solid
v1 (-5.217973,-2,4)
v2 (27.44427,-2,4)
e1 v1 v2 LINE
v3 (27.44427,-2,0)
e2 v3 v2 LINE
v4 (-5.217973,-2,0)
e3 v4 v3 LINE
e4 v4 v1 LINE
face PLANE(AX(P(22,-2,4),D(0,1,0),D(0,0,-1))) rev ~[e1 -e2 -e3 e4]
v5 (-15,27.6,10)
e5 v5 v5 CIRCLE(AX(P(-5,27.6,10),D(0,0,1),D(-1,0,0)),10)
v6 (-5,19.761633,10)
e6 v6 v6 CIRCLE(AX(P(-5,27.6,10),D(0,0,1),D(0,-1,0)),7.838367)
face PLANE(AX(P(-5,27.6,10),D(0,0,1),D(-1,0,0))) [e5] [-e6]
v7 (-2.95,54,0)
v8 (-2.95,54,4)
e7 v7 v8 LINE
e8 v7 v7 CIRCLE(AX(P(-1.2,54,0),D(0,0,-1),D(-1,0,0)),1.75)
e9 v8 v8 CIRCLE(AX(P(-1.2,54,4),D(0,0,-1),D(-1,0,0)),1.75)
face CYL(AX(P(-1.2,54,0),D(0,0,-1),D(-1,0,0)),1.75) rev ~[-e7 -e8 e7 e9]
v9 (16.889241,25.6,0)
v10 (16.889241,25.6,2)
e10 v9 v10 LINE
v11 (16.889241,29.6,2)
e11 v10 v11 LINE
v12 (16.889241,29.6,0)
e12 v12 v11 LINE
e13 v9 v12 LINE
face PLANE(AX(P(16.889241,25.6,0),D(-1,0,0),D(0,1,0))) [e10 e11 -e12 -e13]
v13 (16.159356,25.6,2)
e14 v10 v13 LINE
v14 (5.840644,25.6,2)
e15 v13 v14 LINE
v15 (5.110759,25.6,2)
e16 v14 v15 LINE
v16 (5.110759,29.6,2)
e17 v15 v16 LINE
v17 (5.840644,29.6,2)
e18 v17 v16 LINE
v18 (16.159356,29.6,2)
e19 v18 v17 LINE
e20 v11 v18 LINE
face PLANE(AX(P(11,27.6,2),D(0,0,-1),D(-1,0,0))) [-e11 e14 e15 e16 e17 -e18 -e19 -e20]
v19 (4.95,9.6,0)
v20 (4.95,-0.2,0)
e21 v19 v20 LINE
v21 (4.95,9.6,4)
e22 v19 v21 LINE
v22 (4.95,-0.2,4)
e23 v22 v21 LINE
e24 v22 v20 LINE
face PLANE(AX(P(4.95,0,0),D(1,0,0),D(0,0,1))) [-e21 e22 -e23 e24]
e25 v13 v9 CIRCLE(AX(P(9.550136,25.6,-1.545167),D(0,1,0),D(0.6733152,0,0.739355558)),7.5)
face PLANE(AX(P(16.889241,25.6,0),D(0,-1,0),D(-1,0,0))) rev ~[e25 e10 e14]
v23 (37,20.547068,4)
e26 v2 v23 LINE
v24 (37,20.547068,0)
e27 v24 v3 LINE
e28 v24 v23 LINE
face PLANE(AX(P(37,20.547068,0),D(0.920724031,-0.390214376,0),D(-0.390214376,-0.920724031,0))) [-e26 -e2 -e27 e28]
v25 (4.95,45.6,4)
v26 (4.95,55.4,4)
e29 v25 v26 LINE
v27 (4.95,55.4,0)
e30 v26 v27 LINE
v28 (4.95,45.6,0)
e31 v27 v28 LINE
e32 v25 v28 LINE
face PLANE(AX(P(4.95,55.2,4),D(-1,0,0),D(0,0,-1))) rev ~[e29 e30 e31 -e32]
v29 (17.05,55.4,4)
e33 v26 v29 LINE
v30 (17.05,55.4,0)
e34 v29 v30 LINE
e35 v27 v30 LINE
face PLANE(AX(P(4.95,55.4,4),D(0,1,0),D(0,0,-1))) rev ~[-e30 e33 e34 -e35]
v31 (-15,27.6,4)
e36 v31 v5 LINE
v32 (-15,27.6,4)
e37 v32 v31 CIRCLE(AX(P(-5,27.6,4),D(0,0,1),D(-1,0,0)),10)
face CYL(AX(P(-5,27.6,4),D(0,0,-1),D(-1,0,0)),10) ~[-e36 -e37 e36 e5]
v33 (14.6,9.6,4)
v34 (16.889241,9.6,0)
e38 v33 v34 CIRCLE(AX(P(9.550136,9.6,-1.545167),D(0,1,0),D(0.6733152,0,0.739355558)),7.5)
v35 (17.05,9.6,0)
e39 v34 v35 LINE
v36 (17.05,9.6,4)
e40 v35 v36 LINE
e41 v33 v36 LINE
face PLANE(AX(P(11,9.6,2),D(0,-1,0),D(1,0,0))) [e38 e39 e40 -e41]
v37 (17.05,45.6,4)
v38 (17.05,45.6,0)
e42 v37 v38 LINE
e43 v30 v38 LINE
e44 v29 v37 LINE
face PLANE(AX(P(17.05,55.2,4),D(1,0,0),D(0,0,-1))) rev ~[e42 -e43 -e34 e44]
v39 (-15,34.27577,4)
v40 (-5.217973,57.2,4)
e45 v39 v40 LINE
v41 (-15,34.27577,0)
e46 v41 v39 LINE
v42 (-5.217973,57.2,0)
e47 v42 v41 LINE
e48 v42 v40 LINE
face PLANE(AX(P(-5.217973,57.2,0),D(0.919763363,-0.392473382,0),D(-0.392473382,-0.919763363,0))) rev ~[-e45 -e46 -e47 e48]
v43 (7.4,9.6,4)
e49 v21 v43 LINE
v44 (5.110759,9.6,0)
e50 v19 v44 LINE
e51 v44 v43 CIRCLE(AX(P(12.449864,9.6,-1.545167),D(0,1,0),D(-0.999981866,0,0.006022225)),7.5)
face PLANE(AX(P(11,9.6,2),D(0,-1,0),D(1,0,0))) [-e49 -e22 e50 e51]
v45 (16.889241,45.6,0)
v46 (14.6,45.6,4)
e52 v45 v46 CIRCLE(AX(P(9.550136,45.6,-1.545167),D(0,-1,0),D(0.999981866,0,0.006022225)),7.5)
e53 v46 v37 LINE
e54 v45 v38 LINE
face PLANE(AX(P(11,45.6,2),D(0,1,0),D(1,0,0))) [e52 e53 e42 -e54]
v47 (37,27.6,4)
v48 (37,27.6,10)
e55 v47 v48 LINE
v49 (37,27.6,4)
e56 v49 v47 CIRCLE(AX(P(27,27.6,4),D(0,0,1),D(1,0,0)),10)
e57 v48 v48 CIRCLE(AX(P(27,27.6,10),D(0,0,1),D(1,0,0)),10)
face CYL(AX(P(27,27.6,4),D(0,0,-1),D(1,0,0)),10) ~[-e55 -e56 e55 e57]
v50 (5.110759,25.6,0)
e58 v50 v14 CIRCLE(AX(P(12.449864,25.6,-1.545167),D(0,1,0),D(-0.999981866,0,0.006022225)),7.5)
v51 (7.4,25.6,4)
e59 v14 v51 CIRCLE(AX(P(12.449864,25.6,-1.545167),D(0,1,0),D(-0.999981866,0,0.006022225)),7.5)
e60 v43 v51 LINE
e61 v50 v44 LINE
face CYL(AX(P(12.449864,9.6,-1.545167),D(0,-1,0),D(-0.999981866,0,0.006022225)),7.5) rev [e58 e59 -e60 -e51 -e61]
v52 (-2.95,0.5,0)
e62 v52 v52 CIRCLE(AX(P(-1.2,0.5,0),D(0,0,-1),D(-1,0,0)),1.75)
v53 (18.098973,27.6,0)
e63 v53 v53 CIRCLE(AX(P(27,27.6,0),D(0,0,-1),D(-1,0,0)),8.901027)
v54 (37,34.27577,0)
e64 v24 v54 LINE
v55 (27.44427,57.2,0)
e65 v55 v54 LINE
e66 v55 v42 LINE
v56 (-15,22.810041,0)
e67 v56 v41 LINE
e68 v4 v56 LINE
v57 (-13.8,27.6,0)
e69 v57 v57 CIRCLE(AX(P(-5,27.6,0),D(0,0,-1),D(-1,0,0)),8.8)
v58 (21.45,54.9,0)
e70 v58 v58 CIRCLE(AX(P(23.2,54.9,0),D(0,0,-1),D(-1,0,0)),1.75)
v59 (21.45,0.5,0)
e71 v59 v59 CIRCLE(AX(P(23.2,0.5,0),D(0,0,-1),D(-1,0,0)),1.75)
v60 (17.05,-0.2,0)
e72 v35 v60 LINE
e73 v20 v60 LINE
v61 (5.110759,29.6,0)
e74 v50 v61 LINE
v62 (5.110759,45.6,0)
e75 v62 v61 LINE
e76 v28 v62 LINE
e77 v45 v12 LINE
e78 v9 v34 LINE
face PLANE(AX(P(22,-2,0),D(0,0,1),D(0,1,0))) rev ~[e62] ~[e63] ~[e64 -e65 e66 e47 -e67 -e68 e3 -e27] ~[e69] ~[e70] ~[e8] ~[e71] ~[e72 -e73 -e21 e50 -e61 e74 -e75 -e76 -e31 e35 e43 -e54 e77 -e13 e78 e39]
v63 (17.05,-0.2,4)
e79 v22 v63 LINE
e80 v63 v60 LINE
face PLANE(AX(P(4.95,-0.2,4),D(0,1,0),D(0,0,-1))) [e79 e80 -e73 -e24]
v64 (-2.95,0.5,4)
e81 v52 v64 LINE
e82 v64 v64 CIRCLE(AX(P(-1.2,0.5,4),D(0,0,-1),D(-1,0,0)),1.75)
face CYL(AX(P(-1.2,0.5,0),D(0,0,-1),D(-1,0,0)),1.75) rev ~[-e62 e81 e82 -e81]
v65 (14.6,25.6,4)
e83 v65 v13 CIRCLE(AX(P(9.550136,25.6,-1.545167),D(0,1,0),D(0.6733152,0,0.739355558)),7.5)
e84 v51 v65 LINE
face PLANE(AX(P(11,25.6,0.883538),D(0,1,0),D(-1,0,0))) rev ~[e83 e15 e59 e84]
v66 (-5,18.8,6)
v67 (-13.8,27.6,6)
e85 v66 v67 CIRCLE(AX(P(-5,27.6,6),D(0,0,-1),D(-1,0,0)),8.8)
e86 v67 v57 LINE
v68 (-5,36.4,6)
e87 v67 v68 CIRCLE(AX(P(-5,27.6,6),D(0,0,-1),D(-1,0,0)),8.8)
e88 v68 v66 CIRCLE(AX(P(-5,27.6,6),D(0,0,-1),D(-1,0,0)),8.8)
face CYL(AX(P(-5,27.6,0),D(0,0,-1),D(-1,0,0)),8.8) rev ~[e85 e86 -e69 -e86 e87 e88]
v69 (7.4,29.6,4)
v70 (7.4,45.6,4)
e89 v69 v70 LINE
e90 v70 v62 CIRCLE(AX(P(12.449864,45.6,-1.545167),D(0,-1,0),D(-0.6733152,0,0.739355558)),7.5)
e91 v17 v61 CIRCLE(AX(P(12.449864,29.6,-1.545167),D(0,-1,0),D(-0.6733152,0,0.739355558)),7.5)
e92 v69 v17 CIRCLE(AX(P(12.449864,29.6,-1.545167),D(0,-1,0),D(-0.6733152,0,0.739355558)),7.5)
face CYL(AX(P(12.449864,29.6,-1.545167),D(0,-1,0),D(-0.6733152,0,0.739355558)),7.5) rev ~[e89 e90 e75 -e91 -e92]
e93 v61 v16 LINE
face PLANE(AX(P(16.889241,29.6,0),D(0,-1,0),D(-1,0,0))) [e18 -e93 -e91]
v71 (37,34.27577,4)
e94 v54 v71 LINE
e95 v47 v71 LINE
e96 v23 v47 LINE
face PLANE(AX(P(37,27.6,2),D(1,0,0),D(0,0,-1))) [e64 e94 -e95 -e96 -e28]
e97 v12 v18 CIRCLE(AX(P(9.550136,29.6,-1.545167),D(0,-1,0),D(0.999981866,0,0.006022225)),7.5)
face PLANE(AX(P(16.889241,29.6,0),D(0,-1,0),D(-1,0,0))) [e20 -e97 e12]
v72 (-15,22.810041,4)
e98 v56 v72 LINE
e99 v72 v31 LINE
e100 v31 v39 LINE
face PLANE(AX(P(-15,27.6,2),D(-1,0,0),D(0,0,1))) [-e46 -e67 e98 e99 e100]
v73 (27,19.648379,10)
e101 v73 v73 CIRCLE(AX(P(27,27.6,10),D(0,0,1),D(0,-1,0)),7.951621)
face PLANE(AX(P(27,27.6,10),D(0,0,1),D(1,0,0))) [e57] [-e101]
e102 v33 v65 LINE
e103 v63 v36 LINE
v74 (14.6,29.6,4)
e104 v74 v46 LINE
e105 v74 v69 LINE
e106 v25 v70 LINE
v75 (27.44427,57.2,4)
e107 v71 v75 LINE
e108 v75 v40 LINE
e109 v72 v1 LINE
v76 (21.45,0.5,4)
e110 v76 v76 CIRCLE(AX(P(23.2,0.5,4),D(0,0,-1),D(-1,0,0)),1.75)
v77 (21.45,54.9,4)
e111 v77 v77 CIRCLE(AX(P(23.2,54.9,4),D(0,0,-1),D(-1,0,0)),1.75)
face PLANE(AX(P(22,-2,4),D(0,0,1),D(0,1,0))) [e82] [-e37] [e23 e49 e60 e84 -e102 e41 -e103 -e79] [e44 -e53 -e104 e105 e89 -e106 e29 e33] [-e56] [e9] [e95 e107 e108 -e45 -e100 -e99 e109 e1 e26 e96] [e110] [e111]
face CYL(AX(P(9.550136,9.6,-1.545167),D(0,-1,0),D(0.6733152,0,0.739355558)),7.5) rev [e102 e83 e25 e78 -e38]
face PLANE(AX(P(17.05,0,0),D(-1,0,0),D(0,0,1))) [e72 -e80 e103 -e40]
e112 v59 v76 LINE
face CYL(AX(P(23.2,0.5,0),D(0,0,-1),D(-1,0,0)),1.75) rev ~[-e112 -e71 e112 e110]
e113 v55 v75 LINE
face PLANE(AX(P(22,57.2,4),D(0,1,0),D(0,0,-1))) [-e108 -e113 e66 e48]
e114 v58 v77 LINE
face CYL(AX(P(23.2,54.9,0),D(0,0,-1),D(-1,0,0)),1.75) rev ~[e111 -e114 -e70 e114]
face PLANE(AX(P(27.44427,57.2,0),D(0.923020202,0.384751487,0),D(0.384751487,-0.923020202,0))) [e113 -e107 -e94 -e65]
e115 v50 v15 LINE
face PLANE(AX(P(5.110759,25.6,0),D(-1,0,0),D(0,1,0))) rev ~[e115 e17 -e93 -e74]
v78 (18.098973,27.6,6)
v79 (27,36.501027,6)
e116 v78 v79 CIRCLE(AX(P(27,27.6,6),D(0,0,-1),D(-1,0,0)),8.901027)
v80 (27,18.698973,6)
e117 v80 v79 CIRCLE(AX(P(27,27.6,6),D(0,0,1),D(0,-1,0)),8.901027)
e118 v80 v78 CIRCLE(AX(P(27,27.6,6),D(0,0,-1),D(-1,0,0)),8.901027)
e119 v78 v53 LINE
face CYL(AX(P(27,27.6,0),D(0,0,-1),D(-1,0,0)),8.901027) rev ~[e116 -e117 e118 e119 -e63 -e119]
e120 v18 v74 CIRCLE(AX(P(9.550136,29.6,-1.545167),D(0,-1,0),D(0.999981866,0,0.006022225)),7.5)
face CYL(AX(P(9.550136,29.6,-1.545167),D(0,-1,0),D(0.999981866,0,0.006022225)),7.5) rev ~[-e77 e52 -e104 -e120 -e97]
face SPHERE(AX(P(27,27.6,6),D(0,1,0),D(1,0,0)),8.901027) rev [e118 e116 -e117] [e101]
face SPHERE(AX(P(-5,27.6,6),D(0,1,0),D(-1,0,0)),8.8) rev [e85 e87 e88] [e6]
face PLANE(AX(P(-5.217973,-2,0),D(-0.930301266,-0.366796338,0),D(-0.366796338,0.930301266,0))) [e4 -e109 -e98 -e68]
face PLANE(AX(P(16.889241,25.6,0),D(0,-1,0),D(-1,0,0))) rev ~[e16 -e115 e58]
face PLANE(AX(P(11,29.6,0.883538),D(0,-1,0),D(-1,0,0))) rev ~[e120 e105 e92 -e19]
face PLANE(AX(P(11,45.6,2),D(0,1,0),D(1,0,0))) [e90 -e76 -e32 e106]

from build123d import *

# Parameters (mm, degrees)
CROQUIS1_W               = 22
CROQUIS1_H               = 55.2
SALIENTE_EXTRUIR1_DEPTH  = 4
CROQUIS2_W               = 12.1
CROQUIS2_H               = 4
CORTAR_EXTRUIR1_DEPTH    = 9.6
CROQUIS3_W               = 12.1
CROQUIS3_H               = 4
CORTAR_EXTRUIR2_DEPTH    = 9.6
CORTAR_EXTRUIR3_DEPTH    = 16
CORTAR_EXTRUIR4_START    = -16
CORTAR_EXTRUIR4_DEPTH    = 16
CROQUIS9_W               = 11.778481694
CROQUIS9_H               = 4
CORTAR_EXTRUIR5_DEPTH    = 2
CROQUIS11_W              = 4.95
CROQUIS11_H              = 4
SALIENTE_EXTRUIR3_DEPTH  = 2
CROQUIS12_W              = 4
CROQUIS12_H              = 1.8
SALIENTE_EXTRUIR4_DEPTH  = 12.1
CROQUIS13_W              = 4.95
CROQUIS13_H              = 4
SALIENTE_EXTRUIR5_DEPTH  = 2
CROQUIS14_W              = 4
CROQUIS14_H              = 1.8
SALIENTE_EXTRUIR6_DEPTH  = 12.1
CROQUIS17_W              = 4
CROQUIS17_H              = 59.2
SALIENTE_EXTRUIR8_DEPTH  = 15
CROQUIS18_W              = 4
CROQUIS18_H              = 59.2
SALIENTE_EXTRUIR9_DEPTH  = 15
CROQUIS19_R              = 1.75
CORTAR_EXTRUIR6_DEPTH    = 11.5
CROQUIS20_R              = 8.8
CROQUIS20_R_2            = 8.901027098
CORTAR_EXTRUIR7_DEPTH    = 4
CROQUIS22_R              = 10
SALIENTE_EXTRUIR10_DEPTH = 6
CORTAR_EXTRUIR8_DEPTH    = 10
CROQUIS26_R              = 8.901027098
CROQUIS26_R_2            = 8.8
CORTAR_EXTRUIR9_DEPTH    = 2


with BuildPart() as part:
    # Croquis1 → Saliente-Extruir1 (new body)
    with BuildSketch(Plane.XY):
        with Locations((11, 27.6)):
            Rectangle(CROQUIS1_W, CROQUIS1_H)
    extrude(amount=SALIENTE_EXTRUIR1_DEPTH)

    # Croquis2 → Cortar-Extruir1 (cut)
    with BuildSketch(Plane(origin=(0, 55.2, 0), x_dir=(1, 0, 0), z_dir=(0, 1, 0))):
        with Locations((11, -2)):
            Rectangle(CROQUIS2_W, CROQUIS2_H)
    extrude(amount=-CORTAR_EXTRUIR1_DEPTH, mode=Mode.SUBTRACT)

    # Croquis3 → Cortar-Extruir2 (cut)
    with BuildSketch(Plane.XZ):
        with Locations((11, 2)):
            Rectangle(CROQUIS3_W, CROQUIS3_H)
    extrude(amount=-CORTAR_EXTRUIR2_DEPTH, mode=Mode.SUBTRACT)

    # Croquis5 → Cortar-Extruir3 (cut)
    with BuildSketch(Plane.XZ.offset(-9.6)):
        with BuildLine():
            Line((7.4, 4), (14.6, 4))
            ThreePointArc((14.6, 4), (16.401151853, 1.506649462), (17.05, -1.5))
            Line((17.05, -1.5), (4.95, -1.5))
            ThreePointArc((4.95, -1.5), (5.598848147, 1.506649462), (7.4, 4))
        make_face()
    extrude(amount=-CORTAR_EXTRUIR3_DEPTH, mode=Mode.SUBTRACT)

    # Croquis7 → Cortar-Extruir4 (cut)
    with BuildSketch(Plane(origin=(0, 45.6, 0), x_dir=(1, 0, 0), z_dir=(0, 1, 0)).offset(CORTAR_EXTRUIR4_START)):
        with BuildLine():
            Line((4.95, 1.5), (17.05, 1.5))
            ThreePointArc((17.05, 1.5), (16.401151853, -1.506649462), (14.6, -4))
            Line((14.6, -4), (7.4, -4))
            ThreePointArc((7.4, -4), (5.598848147, -1.506649462), (4.95, 1.5))
        make_face()
    extrude(amount=CORTAR_EXTRUIR4_DEPTH, mode=Mode.SUBTRACT)

    # Croquis9 → Cortar-Extruir5 (cut)
    with BuildSketch(Plane(origin=(0, 0, 0), x_dir=(-1, 0, 0), z_dir=(0, 0, -1))):
        with Locations((-11, 27.6)):
            Rectangle(CROQUIS9_W, CROQUIS9_H)
    extrude(amount=-CORTAR_EXTRUIR5_DEPTH, mode=Mode.SUBTRACT)

    # Croquis11 → Saliente-Extruir3 (add)
    with BuildSketch(Plane(origin=(0, 55.2, 0), x_dir=(1, 0, 0), z_dir=(0, 1, 0))):
        with Locations((2.475, -2)):
            Rectangle(CROQUIS11_W, CROQUIS11_H)
        with Locations((19.525, -2)):
            Rectangle(CROQUIS11_W, CROQUIS11_H)
    extrude(amount=SALIENTE_EXTRUIR3_DEPTH)

    # Croquis12 → Saliente-Extruir4 (add)
    with BuildSketch(Plane(origin=(4.95, 0, 0), x_dir=(0, 0, -1), z_dir=(1, 0, 0))):
        with Locations((-2, 56.3)):
            Rectangle(CROQUIS12_W, CROQUIS12_H)
    extrude(amount=SALIENTE_EXTRUIR4_DEPTH)

    # Croquis13 → Saliente-Extruir5 (add)
    with BuildSketch(Plane.XZ):
        with Locations((19.525, 2)):
            Rectangle(CROQUIS13_W, CROQUIS13_H)
        with Locations((2.475, 2)):
            Rectangle(CROQUIS13_W, CROQUIS13_H)
    extrude(amount=SALIENTE_EXTRUIR5_DEPTH)

    # Croquis14 → Saliente-Extruir6 (add)
    with BuildSketch(Plane(origin=(4.95, 0, 0), x_dir=(0, 0, -1), z_dir=(1, 0, 0))):
        with Locations((-2, -1.1)):
            Rectangle(CROQUIS14_W, CROQUIS14_H)
    extrude(amount=SALIENTE_EXTRUIR6_DEPTH)

    # Croquis17 → Saliente-Extruir8 (add)
    with BuildSketch(Plane.ZY):
        with Locations((2, 27.6)):
            Rectangle(CROQUIS17_W, CROQUIS17_H)
    extrude(amount=SALIENTE_EXTRUIR8_DEPTH)

    # Croquis18 → Saliente-Extruir9 (add)
    with BuildSketch(Plane(origin=(22, 0, 0), x_dir=(0, 0, -1), z_dir=(1, 0, 0))):
        with Locations((-2, 27.6)):
            Rectangle(CROQUIS18_W, CROQUIS18_H)
    extrude(amount=SALIENTE_EXTRUIR9_DEPTH)

    # Croquis19 → Cortar-Extruir6 (cut)
    with BuildSketch(Plane(origin=(0, 0, 0), x_dir=(-1, 0, 0), z_dir=(0, 0, -1))):
        with Locations((-23.2, 54.9)):
            Circle(CROQUIS19_R)
        with Locations((1.2, 54)):
            Circle(CROQUIS19_R)
        with Locations((1.2, 0.5)):
            Circle(CROQUIS19_R)
        with Locations((-23.2, 0.5)):
            Circle(CROQUIS19_R)
    extrude(amount=-CORTAR_EXTRUIR6_DEPTH, mode=Mode.SUBTRACT)

    # Croquis20 → Cortar-Extruir7 (cut)
    with BuildSketch(Plane(origin=(0, 0, 0), x_dir=(-1, 0, 0), z_dir=(0, 0, -1))):
        with Locations((5, 27.6)):
            Circle(CROQUIS20_R)
        with Locations((-27, 27.6)):
            Circle(CROQUIS20_R_2)
    extrude(amount=-CORTAR_EXTRUIR7_DEPTH, mode=Mode.SUBTRACT)

    # Croquis22 → Saliente-Extruir10 (add)
    with BuildSketch(Plane.XY.offset(4)):
        with Locations(Location((-5, 27.6, 0), (0, 0, 180))):
            Circle(CROQUIS22_R)
        with Locations((27, 27.6)):
            Circle(CROQUIS22_R)
    extrude(amount=SALIENTE_EXTRUIR10_DEPTH)

    # Croquis25 → Cortar-Extruir8 (cut)
    with BuildSketch(Plane(origin=(0, 0, 0), x_dir=(-1, 0, 0), z_dir=(0, 0, -1))):
        Polygon((-27.444270401, 57.2), (-37, 34.275770323), (-37, 57.2), align=None)
        Polygon((5.217973102, 57.2), (15, 34.275770323), (15, 57.2), align=None)
        Polygon((-37, 20.547067511), (-27.444270401, -2), (-37, -2), align=None)
        Polygon((5.217973102, -2), (15, 22.810040502), (15, -2), align=None)
    extrude(amount=-CORTAR_EXTRUIR8_DEPTH, mode=Mode.SUBTRACT)

    # Croquis26 → Cortar-Extruir9 (cut)
    with BuildSketch(Plane(origin=(0, 0, 4), x_dir=(-1, 0, 0), z_dir=(0, 0, -1))):
        with Locations((-27, 27.6)):
            Circle(CROQUIS26_R)
        with Locations((5, 27.6)):
            Circle(CROQUIS26_R_2)
    extrude(amount=-CORTAR_EXTRUIR9_DEPTH, mode=Mode.SUBTRACT)

    # Croquis27 → Cortar-Revolución1 (revolve, cut)
    with BuildSketch(Plane(origin=(0, 0, 6), x_dir=(-1, 0, 0), z_dir=(0, 0, -1))):
        with BuildLine():
            Line((5, 36.4), (5, 18.8))
            ThreePointArc((5, 18.8), (13.8, 27.6), (5, 36.4))
        make_face()
    revolve(axis=Axis((-5, 36.4, 6), (0, -1, 0)), mode=Mode.SUBTRACT)

    # Croquis28 → Cortar-Revolución2 (revolve, cut)
    with BuildSketch(Plane(origin=(0, 0, 6), x_dir=(-1, 0, 0), z_dir=(0, 0, -1))):
        with BuildLine():
            Line((-27, 36.501027098), (-27, 18.698972902))
            ThreePointArc((-27, 18.698972902), (-35.901027098, 27.6), (-27, 36.501027098))
        make_face()
    revolve(axis=Axis((27, 36.501027098, 6), (0, -1, 0)), mode=Mode.SUBTRACT)


solid = part.part
